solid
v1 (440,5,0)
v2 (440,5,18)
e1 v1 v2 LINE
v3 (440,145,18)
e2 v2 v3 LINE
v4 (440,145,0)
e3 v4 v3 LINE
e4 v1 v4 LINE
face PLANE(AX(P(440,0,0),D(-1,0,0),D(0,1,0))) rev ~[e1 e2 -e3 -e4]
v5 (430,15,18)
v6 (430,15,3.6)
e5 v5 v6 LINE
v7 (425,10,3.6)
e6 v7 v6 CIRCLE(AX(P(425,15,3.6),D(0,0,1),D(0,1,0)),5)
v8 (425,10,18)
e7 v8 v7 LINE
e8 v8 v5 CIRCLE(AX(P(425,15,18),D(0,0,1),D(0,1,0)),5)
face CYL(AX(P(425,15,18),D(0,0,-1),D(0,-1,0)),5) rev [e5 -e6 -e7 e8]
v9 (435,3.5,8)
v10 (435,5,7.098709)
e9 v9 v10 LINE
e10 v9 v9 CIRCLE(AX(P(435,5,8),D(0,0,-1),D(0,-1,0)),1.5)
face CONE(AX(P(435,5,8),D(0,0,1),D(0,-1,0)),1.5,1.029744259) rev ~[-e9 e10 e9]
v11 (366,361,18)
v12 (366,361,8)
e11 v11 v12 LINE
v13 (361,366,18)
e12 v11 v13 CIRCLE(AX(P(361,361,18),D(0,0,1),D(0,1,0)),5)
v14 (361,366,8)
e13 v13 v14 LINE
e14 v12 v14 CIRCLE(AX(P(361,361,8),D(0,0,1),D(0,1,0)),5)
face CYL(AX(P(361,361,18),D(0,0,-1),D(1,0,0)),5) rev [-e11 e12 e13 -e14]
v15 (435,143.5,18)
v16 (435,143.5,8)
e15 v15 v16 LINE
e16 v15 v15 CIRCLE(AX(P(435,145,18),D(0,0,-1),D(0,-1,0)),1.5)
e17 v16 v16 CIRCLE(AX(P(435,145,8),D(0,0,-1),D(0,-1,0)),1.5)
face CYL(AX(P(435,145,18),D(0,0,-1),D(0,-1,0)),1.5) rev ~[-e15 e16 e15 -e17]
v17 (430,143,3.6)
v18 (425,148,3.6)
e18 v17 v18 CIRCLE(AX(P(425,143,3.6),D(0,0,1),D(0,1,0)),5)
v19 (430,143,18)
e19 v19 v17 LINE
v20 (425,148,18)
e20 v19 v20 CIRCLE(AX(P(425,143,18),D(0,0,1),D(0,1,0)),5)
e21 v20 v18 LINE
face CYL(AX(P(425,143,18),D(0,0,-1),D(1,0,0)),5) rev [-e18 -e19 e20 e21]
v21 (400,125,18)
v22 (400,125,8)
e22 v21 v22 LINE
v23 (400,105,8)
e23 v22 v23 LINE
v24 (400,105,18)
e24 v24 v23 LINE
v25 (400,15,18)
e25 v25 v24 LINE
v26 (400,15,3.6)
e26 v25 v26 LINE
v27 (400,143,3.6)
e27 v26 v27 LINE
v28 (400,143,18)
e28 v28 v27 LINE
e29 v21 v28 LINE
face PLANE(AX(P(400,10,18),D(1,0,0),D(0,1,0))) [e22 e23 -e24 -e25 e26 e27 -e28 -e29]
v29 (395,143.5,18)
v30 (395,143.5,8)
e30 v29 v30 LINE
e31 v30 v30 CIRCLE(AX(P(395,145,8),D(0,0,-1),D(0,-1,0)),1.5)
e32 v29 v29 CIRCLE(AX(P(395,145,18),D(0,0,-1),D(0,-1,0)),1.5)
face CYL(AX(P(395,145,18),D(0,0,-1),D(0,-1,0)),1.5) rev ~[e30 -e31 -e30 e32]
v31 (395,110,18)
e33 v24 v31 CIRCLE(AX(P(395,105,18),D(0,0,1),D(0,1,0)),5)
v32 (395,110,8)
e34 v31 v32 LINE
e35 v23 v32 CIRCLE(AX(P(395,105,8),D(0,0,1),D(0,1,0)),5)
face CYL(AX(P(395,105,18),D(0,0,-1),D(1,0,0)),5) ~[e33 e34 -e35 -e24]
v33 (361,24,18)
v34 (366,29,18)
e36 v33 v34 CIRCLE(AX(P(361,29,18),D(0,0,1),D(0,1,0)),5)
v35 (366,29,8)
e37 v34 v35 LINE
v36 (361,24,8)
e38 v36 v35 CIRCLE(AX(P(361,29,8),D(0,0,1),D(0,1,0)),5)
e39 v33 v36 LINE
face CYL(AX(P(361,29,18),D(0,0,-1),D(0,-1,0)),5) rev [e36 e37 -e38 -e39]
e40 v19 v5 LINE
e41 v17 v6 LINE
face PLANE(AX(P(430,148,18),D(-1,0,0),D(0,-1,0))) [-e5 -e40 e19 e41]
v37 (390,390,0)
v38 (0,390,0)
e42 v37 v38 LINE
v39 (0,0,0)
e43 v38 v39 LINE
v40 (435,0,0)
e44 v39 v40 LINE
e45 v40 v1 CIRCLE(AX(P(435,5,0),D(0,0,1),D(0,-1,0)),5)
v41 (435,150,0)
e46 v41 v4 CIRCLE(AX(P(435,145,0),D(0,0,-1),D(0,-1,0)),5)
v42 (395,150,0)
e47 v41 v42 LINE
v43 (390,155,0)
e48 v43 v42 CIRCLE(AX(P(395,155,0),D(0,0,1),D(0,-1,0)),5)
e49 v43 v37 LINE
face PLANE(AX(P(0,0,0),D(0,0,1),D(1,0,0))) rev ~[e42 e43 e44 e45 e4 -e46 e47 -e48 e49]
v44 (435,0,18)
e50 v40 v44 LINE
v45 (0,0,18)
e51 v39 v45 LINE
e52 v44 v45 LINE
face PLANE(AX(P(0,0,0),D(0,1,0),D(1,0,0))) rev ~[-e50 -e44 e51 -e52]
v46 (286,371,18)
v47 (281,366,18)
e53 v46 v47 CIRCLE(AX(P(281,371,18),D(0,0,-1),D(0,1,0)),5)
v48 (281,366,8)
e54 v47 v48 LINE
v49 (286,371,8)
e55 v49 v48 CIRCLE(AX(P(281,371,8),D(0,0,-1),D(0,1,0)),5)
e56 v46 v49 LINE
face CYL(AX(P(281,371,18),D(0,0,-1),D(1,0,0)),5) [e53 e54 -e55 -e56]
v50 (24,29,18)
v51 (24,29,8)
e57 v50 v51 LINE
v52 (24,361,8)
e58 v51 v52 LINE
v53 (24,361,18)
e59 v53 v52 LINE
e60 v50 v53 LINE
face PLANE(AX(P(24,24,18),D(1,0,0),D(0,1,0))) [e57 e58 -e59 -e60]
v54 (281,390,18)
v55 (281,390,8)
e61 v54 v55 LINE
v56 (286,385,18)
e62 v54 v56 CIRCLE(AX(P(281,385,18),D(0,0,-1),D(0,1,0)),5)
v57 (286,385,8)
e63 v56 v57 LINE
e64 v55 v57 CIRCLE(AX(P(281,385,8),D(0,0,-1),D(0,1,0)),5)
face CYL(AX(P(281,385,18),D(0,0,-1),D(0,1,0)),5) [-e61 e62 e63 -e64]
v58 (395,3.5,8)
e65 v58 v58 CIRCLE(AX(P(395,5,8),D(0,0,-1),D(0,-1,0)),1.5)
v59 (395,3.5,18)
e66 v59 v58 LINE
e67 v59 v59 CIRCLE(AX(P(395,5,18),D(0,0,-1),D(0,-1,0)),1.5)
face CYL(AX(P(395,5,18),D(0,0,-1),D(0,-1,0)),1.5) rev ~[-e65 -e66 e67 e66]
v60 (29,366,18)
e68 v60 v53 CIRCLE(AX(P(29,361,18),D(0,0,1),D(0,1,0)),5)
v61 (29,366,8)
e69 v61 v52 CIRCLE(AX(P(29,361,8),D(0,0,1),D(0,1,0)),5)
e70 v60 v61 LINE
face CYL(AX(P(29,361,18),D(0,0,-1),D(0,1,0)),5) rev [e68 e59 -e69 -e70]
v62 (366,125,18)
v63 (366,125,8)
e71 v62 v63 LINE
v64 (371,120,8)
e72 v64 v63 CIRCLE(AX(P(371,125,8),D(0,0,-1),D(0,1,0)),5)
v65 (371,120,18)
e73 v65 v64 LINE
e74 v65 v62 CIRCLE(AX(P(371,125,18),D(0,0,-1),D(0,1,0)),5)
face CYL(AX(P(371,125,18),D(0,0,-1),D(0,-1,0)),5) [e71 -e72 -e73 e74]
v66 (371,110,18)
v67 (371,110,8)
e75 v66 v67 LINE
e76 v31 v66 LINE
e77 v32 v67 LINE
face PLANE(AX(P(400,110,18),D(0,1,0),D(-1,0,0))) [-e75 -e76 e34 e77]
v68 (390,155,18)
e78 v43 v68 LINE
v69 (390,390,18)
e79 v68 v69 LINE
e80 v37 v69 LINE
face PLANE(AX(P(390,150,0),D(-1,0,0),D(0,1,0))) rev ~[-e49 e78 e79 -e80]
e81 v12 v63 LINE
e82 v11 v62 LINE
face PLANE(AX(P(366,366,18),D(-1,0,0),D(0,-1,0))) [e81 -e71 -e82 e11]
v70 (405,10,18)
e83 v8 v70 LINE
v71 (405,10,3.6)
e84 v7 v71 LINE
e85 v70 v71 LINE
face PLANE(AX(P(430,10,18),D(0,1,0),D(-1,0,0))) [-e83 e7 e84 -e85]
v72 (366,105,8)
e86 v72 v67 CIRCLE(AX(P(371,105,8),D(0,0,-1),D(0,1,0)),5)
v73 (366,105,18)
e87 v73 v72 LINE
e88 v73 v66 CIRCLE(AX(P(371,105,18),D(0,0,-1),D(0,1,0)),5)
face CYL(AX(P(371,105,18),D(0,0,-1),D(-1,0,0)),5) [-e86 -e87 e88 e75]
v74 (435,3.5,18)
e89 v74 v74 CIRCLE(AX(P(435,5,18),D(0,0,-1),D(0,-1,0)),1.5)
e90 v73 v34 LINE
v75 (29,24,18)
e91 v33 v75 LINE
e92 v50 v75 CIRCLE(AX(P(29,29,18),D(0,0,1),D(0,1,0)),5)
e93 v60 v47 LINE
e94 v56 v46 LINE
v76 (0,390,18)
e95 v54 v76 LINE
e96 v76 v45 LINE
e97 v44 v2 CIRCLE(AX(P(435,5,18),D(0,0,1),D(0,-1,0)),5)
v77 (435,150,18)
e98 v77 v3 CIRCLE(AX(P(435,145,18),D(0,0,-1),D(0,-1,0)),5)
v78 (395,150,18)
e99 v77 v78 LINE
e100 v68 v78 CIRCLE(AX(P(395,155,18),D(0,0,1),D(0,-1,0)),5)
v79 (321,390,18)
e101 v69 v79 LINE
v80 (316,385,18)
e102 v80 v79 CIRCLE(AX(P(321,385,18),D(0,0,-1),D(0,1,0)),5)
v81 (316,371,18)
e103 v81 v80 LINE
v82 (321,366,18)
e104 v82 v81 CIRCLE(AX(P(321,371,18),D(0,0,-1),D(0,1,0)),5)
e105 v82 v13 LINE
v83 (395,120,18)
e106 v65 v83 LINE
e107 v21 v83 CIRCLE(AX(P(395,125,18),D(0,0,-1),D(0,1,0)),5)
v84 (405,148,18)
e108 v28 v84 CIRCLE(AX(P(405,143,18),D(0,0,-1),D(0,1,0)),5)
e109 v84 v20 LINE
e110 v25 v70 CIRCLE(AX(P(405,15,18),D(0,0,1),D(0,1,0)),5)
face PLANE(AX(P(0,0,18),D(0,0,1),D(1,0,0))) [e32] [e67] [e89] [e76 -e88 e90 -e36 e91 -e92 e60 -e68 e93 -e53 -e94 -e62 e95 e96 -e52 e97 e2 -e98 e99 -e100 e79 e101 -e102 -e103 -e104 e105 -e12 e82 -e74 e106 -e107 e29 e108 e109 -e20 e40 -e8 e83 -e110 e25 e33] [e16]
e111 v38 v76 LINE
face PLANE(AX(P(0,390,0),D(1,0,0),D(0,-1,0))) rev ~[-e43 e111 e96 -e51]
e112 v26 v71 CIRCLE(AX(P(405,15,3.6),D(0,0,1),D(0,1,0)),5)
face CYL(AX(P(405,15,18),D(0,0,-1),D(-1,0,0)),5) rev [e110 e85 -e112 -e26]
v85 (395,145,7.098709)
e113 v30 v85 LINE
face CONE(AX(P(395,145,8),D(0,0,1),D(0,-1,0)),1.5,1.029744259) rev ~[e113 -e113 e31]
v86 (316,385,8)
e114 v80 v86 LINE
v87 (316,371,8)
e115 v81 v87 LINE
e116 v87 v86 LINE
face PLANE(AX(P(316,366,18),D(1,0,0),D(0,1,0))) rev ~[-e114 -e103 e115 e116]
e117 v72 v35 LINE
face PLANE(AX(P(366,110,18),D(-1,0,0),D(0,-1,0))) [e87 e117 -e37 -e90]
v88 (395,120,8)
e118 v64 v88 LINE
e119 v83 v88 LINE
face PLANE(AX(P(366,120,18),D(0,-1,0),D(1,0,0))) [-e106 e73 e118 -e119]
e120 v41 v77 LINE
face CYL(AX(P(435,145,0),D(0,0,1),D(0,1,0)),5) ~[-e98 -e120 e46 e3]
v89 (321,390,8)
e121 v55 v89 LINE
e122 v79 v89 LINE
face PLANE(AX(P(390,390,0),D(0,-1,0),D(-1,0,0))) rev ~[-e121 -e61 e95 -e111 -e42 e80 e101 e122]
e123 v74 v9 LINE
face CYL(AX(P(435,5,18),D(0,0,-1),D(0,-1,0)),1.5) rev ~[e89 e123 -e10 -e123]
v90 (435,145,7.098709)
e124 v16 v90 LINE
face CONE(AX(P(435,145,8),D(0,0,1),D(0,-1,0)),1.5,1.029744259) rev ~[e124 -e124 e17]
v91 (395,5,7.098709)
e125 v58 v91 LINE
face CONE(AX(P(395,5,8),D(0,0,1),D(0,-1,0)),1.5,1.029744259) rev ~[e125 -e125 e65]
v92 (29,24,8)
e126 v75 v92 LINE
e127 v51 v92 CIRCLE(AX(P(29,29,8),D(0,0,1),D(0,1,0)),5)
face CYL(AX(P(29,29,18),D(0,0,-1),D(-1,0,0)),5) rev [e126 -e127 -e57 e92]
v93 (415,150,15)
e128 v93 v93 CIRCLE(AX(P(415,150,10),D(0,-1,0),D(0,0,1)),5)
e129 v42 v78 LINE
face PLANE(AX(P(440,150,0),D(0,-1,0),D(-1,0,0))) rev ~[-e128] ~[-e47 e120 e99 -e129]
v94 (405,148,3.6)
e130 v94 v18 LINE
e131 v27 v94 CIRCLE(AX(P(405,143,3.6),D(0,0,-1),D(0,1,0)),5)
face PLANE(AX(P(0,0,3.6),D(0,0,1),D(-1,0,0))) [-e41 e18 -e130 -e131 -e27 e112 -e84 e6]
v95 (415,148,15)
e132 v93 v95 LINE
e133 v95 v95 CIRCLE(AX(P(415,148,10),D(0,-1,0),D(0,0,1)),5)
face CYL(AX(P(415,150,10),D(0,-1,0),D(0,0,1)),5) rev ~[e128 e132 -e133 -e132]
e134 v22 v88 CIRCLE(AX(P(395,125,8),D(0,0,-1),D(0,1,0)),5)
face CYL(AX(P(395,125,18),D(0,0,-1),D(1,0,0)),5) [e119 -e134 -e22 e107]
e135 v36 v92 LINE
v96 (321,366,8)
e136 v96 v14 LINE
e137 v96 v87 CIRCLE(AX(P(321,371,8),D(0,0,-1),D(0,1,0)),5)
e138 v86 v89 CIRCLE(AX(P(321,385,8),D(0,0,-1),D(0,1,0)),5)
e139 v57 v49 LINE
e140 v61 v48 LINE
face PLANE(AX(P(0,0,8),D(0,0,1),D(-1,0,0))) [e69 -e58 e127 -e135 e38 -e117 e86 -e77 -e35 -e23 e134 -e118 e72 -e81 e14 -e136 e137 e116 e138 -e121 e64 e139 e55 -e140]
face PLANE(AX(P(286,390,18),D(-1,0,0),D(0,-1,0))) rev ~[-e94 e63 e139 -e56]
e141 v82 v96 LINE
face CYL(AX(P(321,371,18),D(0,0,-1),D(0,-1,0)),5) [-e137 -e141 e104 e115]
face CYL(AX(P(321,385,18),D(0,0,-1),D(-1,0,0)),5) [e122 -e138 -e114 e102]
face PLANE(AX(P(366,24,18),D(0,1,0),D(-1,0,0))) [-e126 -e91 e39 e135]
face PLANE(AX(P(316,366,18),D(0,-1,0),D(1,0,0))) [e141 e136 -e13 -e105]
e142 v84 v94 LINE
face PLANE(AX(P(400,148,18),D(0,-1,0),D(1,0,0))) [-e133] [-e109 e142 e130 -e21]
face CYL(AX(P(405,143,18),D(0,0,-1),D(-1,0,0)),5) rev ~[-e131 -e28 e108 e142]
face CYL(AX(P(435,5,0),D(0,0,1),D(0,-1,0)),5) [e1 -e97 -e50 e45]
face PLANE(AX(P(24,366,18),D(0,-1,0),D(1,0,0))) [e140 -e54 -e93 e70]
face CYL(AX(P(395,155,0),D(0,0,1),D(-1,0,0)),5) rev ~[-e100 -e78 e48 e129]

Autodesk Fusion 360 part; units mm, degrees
sketch "Sketch1" plane through (0, 0, 0) normal (0, 0, 1) x (1, 0, 0)
  line L0 (0, 0) -> (390, 0)
  line L1 (390, 0) -> (390, 390)
  line L2 (390, 390) -> (0, 390)
  line L3 (0, 390) -> (0, 0)
  line L4 (390, 0) -> (440, 0)
  line L5 (440, 0) -> (440, 150)
  line L6 (440, 150) -> (390, 150)
  line L7 (390, 150) -> (390, 0)
  dimension "d5" = 390
  dimension "d6" = 390
  dimension "d23" = 150
  dimension "d26" = 50
extrude "Extrude1" add sketch "Sketch1" along normal blind 18
fillet "Fillet2" radius 5 3 edges at (440, 0, 9) (440, 150, 9) (390, 150, 9)
sketch "Sketch4" plane through (0, 0, 18) normal (0, 0, 1) x (-1, 0, 0)
  arc A0 (-440, -145) -> (-435, -150) centre (-435, -145) ccw
  line L0 (-435, -150) -> (-395, -150)
  arc A1 (-390, -155) -> (-395, -150) centre (-395, -155) ccw
  line L1 (-390, -155) -> (-390, -390)
  line L2 (-390, -390) -> (0, -390)
  line L3 (0, -390) -> (0, 0)
  line L4 (0, 0) -> (-435, 0)
  arc A2 (-435, 0) -> (-440, -5) centre (-435, -5) ccw
  line L5 (-440, -5) -> (-440, -145)
  line L6 (-400, -148) -> (-430, -148)
  line L7 (-430, -148) -> (-430, -10)
  line L8 (-430, -10) -> (-400, -10)
  line L9 (-400, -10) -> (-400, -148)
  point P0 (-395, -145)
  point P1 (-435, -145)
  point P2 (-435, -5)
  point P3 (-395, -5)
  dimension "d28" = 10
  dimension "d29" = 10
  dimension "d30" = 10
  dimension "d38" = 2
  dimension "d50" = 5
  dimension "d51" = 5
  dimension "d52" = 5
  dimension "d53" = 5
  dimension "d54" = 5
  dimension "d55" = 45
  dimension "d59" = 45
extrude "Extrude4" cut sketch "Sketch4" against normal blind 14.4 contours L6 L7 L8 L9
fillet "Fillet3" radius 5 4 edges at (400, 10, 10.8) (430, 10, 10.8) (400, 148, 10.8) (430, 148, 10.8)
sketch "Sketch5" plane through (0, 0, 18) normal (0, 0, 1) x (-1, 0, 0)
  line L0 (-400, -15) -> (-400, -143)
  arc A0 (-390, -155) -> (-395, -150) centre (-395, -155) ccw
  line L1 (-390, -155) -> (-390, -390)
  line L2 (-390, -390) -> (0, -390)
  line L3 (0, -390) -> (0, 0)
  line L4 (0, 0) -> (-435, 0)
  arc A1 (-435, 0) -> (-440, -5) centre (-435, -5) ccw
  line L5 (-440, -5) -> (-440, -145)
  arc A2 (-440, -145) -> (-435, -150) centre (-435, -145) ccw
  line L6 (-435, -150) -> (-395, -150)
  line L7 (-430, -143) -> (-430, -15)
  arc A3 (-425, -10) -> (-430, -15) centre (-425, -15) ccw
  line L8 (-425, -10) -> (-405, -10)
  arc A4 (-400, -15) -> (-405, -10) centre (-405, -15) ccw
  line L9 (-24, -366) -> (-366, -366)
  line L10 (-366, -366) -> (-366, -24)
  line L11 (-366, -24) -> (-24, -24)
  line L12 (-24, -24) -> (-24, -366)
  line L13 (-405, -148) -> (-425, -148)
  arc A5 (-405, -148) -> (-400, -143) centre (-405, -143) ccw
  arc A6 (-430, -143) -> (-425, -148) centre (-425, -143) ccw
  line L14 (-316, -366) -> (-316, -390)
  line L15 (-316, -390) -> (-286, -390)
  line L16 (-286, -390) -> (-286, -366)
  line L17 (-366, -120) -> (-400, -120)
  line L18 (-400, -120) -> (-400, -110)
  line L19 (-400, -110) -> (-366, -110)
  line L20 (-366, -110) -> (-366, -120)
  dimension "d34" = 342
  dimension "d35" = 342
  dimension "d36" = 24
  dimension "d37" = 24
  dimension "d41" = 50
  dimension "d42" = 30
  dimension "d60" = 30
  dimension "d61" = 10
extrude "Extrude5" cut sketch "Sketch5" against normal blind 10 contours L0 L10 L17 L18 L19 L20 | L9 L10 L11 L12 L20 | L2 L9 L14 L15 L16
fillet "Fillet4" radius 5 8 edges at (24, 366, 13) (286, 366, 13) (24, 24, 13) (366, 24, 13) (366, 366, 13) (316, 366, 13) (316, 390, 13) (286, 390, 13)
fillet "Fillet4" radius 5 4 edges at (366, 120, 13) (400, 120, 13) (366, 110, 13) (400, 110, 13)
sketch "Sketch6" plane through (0, 150, 0) normal (0, 1, 0) x (-1, 0, 0)
  line L0 (-395, 0) -> (-395, 18)
  line L1 (-435, 18) -> (-435, 0)
  line L2 (-435, 0) -> (-395, 0)
  line L3 (-440, 18) -> (-440, 0)
  line L4 (-395, 18) -> (-435, 18)
  point P0 (-415, 10)
  dimension "d45" = 25
  dimension "d46" = 10
hole "Hole1" at (415, 150, 10) direction (0, -1, 0) diameter 10 depth 2 tip angle 118
hole "Hole2" at (395, 5, 18) at (435, 5, 18) at (435, 145, 18) at (395, 145, 18) direction (0, 0, -1) diameter 3 depth 10 tip angle 118
equation "b = 350 mm"
equation "d = 350 mm"
equation "t_base = 18 mm"
equation "a_ramme = 20 mm"
equation "d5 = d + 2 * a_ramme"
equation "d6 = b + 2 * a_ramme"
equation "d7 = t_base"
equation "t = 4 mm"
equation "a_outlet = 30 mm"
equation "d23 = d_utilites"
equation "b_utilities = 50 mm"
equation "d_utilites = 150 mm"
equation "d26 = b_utilities"
equation "d31 = -t_base * 0.8"
equation "d34 = b - 2 * t"
equation "d35 = d - 2 * t"
equation "d36 = a_ramme + t"
equation "d37 = a_ramme + t"
equation "d42 = a_outlet"
